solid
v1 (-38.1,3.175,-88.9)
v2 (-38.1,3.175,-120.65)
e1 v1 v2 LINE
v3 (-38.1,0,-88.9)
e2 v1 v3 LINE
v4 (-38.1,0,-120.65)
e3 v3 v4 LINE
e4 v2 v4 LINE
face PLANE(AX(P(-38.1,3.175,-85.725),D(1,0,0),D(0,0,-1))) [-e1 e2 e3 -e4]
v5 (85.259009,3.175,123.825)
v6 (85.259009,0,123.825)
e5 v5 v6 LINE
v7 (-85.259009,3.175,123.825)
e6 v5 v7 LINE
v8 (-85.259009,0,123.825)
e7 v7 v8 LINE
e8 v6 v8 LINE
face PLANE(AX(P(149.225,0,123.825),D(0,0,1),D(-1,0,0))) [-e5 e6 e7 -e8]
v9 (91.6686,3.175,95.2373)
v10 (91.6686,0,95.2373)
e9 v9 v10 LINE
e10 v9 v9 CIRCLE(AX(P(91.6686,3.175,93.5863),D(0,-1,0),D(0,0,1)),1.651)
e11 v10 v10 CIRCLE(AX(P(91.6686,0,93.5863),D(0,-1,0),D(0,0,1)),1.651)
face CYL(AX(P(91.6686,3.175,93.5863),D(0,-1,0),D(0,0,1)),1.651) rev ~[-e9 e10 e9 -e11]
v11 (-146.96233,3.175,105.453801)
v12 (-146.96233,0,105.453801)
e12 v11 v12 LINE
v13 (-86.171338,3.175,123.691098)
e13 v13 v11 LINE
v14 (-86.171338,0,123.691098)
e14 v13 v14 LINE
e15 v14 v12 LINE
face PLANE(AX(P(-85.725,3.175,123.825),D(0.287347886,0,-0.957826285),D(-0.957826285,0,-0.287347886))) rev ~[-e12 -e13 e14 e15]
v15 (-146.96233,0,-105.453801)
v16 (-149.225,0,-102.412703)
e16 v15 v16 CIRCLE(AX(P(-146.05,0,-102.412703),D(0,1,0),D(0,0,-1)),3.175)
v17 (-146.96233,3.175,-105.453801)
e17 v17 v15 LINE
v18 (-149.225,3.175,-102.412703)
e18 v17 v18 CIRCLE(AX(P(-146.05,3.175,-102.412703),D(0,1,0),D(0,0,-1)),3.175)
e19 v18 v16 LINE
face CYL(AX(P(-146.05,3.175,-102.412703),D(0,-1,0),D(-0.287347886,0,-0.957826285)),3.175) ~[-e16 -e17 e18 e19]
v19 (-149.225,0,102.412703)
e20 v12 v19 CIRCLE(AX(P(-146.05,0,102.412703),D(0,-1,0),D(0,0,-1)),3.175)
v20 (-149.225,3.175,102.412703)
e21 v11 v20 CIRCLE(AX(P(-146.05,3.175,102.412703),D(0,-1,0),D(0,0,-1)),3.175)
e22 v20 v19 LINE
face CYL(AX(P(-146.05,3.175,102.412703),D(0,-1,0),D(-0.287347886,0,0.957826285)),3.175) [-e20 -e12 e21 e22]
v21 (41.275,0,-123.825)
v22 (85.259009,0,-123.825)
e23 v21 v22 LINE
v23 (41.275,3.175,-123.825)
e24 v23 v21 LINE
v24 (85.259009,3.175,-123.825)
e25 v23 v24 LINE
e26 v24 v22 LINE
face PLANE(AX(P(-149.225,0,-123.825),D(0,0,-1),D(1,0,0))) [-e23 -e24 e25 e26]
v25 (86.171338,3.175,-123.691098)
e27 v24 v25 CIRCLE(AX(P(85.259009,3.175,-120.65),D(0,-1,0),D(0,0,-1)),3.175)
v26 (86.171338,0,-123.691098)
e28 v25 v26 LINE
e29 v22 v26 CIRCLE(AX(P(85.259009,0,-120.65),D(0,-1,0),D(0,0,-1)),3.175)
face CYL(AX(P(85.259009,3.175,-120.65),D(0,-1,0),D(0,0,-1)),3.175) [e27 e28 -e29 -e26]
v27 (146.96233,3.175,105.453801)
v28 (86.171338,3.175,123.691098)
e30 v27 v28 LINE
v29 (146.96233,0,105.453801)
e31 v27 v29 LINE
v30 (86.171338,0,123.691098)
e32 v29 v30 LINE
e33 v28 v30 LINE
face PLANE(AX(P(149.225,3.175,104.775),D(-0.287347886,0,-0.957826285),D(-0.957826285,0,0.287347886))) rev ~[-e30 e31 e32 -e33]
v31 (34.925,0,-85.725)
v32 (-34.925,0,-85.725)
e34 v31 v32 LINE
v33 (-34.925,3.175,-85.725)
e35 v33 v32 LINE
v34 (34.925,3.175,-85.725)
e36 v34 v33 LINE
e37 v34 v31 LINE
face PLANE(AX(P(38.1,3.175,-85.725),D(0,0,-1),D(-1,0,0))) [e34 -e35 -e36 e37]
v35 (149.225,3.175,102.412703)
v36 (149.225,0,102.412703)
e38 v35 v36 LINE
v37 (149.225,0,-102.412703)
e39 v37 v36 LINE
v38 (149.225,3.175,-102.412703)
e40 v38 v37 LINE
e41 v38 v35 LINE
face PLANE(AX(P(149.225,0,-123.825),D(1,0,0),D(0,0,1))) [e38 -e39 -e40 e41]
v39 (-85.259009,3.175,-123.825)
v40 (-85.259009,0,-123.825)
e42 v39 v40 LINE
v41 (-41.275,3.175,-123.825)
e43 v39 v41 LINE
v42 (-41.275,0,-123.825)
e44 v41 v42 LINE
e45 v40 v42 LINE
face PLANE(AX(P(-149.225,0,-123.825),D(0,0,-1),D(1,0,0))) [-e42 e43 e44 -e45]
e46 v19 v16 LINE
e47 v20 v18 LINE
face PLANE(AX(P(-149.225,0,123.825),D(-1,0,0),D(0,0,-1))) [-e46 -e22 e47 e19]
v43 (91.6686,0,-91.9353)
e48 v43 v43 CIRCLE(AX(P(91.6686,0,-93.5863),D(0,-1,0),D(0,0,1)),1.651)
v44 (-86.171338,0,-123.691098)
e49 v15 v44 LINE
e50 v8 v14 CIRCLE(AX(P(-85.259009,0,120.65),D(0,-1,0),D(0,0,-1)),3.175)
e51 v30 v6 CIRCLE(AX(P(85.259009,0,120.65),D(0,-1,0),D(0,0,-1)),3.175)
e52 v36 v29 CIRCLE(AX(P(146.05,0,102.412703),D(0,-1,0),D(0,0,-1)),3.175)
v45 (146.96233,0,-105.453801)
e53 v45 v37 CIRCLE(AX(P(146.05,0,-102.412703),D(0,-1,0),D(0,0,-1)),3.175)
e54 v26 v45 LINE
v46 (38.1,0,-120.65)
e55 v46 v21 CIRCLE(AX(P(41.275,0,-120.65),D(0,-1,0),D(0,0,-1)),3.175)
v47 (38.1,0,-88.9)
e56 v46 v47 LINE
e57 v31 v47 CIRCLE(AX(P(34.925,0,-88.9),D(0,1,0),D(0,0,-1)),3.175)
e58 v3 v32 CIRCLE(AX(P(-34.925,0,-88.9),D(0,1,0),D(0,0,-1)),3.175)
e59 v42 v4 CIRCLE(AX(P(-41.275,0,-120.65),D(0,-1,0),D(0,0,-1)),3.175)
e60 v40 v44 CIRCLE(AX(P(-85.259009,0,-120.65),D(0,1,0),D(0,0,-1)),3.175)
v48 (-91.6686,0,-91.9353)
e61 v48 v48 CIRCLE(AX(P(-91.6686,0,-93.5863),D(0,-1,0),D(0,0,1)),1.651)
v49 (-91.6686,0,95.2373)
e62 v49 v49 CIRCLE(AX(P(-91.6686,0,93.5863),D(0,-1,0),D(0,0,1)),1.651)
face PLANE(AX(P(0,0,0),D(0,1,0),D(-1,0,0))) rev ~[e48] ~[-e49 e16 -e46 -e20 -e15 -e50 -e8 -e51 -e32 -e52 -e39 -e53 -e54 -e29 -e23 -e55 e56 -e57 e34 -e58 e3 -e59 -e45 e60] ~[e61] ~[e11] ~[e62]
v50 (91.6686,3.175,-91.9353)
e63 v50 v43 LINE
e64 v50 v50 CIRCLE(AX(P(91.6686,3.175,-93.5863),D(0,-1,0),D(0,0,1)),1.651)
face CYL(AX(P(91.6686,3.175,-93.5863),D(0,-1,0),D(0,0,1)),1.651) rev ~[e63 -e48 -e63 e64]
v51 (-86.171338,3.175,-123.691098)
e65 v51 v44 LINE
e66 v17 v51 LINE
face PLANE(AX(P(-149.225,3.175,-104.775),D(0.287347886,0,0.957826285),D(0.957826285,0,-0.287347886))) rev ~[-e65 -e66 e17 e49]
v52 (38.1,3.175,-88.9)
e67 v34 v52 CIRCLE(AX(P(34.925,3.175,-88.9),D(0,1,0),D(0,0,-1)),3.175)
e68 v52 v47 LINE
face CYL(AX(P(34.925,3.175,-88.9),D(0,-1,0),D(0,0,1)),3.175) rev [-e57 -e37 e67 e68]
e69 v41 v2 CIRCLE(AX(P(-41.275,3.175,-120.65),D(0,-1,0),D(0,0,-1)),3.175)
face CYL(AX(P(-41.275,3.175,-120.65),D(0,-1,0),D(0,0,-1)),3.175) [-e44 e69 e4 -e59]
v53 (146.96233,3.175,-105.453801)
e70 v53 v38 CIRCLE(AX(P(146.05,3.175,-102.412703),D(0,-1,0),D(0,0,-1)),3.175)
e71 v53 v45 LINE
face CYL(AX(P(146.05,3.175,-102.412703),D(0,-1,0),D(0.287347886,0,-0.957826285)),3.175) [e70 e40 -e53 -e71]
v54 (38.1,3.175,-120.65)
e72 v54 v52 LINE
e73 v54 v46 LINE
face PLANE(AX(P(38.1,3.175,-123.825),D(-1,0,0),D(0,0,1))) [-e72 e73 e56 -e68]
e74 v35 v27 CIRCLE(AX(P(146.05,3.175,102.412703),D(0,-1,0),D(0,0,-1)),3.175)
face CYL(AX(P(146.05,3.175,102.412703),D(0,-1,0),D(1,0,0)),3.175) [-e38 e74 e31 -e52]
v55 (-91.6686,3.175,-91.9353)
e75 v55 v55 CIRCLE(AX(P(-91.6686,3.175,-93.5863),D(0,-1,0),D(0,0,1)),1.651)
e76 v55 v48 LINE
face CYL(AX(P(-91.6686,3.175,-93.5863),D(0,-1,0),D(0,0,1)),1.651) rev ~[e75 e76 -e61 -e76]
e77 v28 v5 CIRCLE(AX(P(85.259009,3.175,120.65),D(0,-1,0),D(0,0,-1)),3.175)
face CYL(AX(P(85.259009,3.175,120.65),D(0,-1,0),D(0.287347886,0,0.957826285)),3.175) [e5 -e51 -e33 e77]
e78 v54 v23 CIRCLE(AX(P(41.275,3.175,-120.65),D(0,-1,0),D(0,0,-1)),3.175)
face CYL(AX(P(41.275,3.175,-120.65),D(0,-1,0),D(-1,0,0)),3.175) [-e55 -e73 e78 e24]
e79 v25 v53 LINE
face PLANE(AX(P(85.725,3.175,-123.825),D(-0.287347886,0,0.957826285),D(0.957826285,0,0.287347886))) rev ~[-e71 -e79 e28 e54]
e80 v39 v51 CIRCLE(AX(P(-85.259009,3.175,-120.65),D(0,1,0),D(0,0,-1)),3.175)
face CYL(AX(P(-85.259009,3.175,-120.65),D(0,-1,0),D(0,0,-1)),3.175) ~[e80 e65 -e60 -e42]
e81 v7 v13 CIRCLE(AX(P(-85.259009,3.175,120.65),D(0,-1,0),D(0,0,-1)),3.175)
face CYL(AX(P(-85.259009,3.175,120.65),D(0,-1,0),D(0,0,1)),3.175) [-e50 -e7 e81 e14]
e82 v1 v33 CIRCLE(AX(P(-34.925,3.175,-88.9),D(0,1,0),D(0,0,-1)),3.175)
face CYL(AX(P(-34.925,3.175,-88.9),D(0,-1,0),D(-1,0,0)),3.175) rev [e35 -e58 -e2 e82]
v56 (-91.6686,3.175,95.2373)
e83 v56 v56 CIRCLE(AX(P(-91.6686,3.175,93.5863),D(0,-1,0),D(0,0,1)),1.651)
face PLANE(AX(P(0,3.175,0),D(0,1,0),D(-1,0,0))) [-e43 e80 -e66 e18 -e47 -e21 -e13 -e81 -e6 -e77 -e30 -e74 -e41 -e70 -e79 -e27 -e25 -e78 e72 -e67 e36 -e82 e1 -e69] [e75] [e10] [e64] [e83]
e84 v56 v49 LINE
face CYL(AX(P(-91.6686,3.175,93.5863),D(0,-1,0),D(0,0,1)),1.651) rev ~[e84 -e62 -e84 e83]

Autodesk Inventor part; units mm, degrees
ref_plane "YZ Plane" through (0, 0, 0) normal (1, 0, 0) x (0, 1, 0)
ref_plane "XZ Plane" through (0, 0, 0) normal (0, 1, 0) x (-1, 0, 0)
ref_plane "XY Plane" through (0, 0, 0) normal (0, 0, 1) x (1, 0, 0)
sketch "Sketch1" plane through (0, 0, 0) normal (0, 1, 0) x (-1, 0, 0)
  line L0 (149.225, -123.825) -> (-149.225, -123.825)
  line L1 (-149.225, -123.825) -> (-149.225, 123.825)
  line L2 (-149.225, 123.825) -> (149.225, 123.825)
  line L3 (149.225, 123.825) -> (149.225, -123.825)
  line L4 (149.225, -123.825) -> (-149.225, 123.825) construction
  line L5 (-149.225, -123.825) -> (149.225, 123.825) construction
  point P0 (0, 0)
  dimension "d0" = 298.45
  dimension "d1" = 247.65
extrude "Extrusion1" add sketch "Sketch1" along normal blind 3.175
sketch "Sketch2" plane through (0, 3.175, 0) normal (0, 1, 0) x (1, 0, 0)
  line L0 (149.225, 123.825) -> (-149.225, 123.825) projected
  line L1 (-149.225, 123.825) -> (-149.225, -123.825) projected
  line L2 (-149.225, -123.825) -> (149.225, -123.825) projected
  line L3 (149.225, -123.825) -> (149.225, 123.825) projected
  line L4 (-149.225, 104.775) -> (-85.725, 123.825)
  line L5 (85.725, 123.825) -> (149.225, 104.775)
  line L6 (149.225, -104.775) -> (85.725, -123.825)
  line L7 (-85.725, -123.825) -> (-149.225, -104.775)
  point P0 (0, 0)
  dimension "d4" = 19.05
  dimension "d5" = 19.05
  dimension "d6" = 19.05
  dimension "d7" = 19.05
  dimension "d8" = 63.5
  dimension "d9" = 63.5
  dimension "d10" = 63.5
extrude "Extrusion2" cut sketch "Sketch2" against normal blind 3.175 contours L3 L5 L0 | L4 L1 L0 | L3 L2 L6 | L7 L2 L1
sketch "Sketch3" plane through (0, 3.175, 0) normal (0, 1, 0) x (1, 0, 0)
  line L0 (85.725, 123.825) -> (-85.725, 123.825) projected
  line L1 (-38.1, 123.825) -> (38.1, 123.825)
  line L2 (38.1, 123.825) -> (38.1, 85.725)
  line L3 (38.1, 85.725) -> (-38.1, 85.725)
  line L4 (-38.1, 85.725) -> (-38.1, 123.825)
  point P0 (0, 0)
  point P1 (0, 85.725)
  dimension "d13" = 38.1
  dimension "d14" = 76.2
extrude "Extrusion3" cut sketch "Sketch3" against normal blind 3.175
fillet "Fillet1" radius 3.175 12 edges at (38.1, 1.5875, -85.725) (-38.1, 1.5875, -85.725) (38.1, 1.5875, -123.825) (-38.1, 1.5875, -123.825) (85.725, 1.5875, -123.825) (-85.725, 1.5875, -123.825) (-149.225, 1.5875, -104.775) (149.225, 1.5875, -104.775) (-149.225, 1.5875, 104.775) (-85.725, 1.5875, 123.825) (85.725, 1.5875, 123.825) (149.225, 1.5875, 104.775)
sketch "Sketch4" plane through (0, 3.175, 0) normal (0, 1, 0) x (1, 0, 0)
  point P0 (0, 0)
  point P1 (-91.6686, 93.5863)
  point P2 (-91.6686, -93.5863)
  point P3 (91.6686, -93.5863)
  point P4 (91.6686, 93.5863)
  dimension "d18" = 93.5863
  dimension "d19" = 93.5863
  dimension "d20" = 91.6686
  dimension "d21" = 91.6686
hole "Hole1" at (-91.6686, 3.175, -93.5863) at (-91.6686, 3.175, 93.5863) at (91.6686, 3.175, 93.5863) at (91.6686, 3.175, -93.5863) direction (0, -1, 0) diameter 3.302 end through all
properties part number "SwarmieCoverPlate"
